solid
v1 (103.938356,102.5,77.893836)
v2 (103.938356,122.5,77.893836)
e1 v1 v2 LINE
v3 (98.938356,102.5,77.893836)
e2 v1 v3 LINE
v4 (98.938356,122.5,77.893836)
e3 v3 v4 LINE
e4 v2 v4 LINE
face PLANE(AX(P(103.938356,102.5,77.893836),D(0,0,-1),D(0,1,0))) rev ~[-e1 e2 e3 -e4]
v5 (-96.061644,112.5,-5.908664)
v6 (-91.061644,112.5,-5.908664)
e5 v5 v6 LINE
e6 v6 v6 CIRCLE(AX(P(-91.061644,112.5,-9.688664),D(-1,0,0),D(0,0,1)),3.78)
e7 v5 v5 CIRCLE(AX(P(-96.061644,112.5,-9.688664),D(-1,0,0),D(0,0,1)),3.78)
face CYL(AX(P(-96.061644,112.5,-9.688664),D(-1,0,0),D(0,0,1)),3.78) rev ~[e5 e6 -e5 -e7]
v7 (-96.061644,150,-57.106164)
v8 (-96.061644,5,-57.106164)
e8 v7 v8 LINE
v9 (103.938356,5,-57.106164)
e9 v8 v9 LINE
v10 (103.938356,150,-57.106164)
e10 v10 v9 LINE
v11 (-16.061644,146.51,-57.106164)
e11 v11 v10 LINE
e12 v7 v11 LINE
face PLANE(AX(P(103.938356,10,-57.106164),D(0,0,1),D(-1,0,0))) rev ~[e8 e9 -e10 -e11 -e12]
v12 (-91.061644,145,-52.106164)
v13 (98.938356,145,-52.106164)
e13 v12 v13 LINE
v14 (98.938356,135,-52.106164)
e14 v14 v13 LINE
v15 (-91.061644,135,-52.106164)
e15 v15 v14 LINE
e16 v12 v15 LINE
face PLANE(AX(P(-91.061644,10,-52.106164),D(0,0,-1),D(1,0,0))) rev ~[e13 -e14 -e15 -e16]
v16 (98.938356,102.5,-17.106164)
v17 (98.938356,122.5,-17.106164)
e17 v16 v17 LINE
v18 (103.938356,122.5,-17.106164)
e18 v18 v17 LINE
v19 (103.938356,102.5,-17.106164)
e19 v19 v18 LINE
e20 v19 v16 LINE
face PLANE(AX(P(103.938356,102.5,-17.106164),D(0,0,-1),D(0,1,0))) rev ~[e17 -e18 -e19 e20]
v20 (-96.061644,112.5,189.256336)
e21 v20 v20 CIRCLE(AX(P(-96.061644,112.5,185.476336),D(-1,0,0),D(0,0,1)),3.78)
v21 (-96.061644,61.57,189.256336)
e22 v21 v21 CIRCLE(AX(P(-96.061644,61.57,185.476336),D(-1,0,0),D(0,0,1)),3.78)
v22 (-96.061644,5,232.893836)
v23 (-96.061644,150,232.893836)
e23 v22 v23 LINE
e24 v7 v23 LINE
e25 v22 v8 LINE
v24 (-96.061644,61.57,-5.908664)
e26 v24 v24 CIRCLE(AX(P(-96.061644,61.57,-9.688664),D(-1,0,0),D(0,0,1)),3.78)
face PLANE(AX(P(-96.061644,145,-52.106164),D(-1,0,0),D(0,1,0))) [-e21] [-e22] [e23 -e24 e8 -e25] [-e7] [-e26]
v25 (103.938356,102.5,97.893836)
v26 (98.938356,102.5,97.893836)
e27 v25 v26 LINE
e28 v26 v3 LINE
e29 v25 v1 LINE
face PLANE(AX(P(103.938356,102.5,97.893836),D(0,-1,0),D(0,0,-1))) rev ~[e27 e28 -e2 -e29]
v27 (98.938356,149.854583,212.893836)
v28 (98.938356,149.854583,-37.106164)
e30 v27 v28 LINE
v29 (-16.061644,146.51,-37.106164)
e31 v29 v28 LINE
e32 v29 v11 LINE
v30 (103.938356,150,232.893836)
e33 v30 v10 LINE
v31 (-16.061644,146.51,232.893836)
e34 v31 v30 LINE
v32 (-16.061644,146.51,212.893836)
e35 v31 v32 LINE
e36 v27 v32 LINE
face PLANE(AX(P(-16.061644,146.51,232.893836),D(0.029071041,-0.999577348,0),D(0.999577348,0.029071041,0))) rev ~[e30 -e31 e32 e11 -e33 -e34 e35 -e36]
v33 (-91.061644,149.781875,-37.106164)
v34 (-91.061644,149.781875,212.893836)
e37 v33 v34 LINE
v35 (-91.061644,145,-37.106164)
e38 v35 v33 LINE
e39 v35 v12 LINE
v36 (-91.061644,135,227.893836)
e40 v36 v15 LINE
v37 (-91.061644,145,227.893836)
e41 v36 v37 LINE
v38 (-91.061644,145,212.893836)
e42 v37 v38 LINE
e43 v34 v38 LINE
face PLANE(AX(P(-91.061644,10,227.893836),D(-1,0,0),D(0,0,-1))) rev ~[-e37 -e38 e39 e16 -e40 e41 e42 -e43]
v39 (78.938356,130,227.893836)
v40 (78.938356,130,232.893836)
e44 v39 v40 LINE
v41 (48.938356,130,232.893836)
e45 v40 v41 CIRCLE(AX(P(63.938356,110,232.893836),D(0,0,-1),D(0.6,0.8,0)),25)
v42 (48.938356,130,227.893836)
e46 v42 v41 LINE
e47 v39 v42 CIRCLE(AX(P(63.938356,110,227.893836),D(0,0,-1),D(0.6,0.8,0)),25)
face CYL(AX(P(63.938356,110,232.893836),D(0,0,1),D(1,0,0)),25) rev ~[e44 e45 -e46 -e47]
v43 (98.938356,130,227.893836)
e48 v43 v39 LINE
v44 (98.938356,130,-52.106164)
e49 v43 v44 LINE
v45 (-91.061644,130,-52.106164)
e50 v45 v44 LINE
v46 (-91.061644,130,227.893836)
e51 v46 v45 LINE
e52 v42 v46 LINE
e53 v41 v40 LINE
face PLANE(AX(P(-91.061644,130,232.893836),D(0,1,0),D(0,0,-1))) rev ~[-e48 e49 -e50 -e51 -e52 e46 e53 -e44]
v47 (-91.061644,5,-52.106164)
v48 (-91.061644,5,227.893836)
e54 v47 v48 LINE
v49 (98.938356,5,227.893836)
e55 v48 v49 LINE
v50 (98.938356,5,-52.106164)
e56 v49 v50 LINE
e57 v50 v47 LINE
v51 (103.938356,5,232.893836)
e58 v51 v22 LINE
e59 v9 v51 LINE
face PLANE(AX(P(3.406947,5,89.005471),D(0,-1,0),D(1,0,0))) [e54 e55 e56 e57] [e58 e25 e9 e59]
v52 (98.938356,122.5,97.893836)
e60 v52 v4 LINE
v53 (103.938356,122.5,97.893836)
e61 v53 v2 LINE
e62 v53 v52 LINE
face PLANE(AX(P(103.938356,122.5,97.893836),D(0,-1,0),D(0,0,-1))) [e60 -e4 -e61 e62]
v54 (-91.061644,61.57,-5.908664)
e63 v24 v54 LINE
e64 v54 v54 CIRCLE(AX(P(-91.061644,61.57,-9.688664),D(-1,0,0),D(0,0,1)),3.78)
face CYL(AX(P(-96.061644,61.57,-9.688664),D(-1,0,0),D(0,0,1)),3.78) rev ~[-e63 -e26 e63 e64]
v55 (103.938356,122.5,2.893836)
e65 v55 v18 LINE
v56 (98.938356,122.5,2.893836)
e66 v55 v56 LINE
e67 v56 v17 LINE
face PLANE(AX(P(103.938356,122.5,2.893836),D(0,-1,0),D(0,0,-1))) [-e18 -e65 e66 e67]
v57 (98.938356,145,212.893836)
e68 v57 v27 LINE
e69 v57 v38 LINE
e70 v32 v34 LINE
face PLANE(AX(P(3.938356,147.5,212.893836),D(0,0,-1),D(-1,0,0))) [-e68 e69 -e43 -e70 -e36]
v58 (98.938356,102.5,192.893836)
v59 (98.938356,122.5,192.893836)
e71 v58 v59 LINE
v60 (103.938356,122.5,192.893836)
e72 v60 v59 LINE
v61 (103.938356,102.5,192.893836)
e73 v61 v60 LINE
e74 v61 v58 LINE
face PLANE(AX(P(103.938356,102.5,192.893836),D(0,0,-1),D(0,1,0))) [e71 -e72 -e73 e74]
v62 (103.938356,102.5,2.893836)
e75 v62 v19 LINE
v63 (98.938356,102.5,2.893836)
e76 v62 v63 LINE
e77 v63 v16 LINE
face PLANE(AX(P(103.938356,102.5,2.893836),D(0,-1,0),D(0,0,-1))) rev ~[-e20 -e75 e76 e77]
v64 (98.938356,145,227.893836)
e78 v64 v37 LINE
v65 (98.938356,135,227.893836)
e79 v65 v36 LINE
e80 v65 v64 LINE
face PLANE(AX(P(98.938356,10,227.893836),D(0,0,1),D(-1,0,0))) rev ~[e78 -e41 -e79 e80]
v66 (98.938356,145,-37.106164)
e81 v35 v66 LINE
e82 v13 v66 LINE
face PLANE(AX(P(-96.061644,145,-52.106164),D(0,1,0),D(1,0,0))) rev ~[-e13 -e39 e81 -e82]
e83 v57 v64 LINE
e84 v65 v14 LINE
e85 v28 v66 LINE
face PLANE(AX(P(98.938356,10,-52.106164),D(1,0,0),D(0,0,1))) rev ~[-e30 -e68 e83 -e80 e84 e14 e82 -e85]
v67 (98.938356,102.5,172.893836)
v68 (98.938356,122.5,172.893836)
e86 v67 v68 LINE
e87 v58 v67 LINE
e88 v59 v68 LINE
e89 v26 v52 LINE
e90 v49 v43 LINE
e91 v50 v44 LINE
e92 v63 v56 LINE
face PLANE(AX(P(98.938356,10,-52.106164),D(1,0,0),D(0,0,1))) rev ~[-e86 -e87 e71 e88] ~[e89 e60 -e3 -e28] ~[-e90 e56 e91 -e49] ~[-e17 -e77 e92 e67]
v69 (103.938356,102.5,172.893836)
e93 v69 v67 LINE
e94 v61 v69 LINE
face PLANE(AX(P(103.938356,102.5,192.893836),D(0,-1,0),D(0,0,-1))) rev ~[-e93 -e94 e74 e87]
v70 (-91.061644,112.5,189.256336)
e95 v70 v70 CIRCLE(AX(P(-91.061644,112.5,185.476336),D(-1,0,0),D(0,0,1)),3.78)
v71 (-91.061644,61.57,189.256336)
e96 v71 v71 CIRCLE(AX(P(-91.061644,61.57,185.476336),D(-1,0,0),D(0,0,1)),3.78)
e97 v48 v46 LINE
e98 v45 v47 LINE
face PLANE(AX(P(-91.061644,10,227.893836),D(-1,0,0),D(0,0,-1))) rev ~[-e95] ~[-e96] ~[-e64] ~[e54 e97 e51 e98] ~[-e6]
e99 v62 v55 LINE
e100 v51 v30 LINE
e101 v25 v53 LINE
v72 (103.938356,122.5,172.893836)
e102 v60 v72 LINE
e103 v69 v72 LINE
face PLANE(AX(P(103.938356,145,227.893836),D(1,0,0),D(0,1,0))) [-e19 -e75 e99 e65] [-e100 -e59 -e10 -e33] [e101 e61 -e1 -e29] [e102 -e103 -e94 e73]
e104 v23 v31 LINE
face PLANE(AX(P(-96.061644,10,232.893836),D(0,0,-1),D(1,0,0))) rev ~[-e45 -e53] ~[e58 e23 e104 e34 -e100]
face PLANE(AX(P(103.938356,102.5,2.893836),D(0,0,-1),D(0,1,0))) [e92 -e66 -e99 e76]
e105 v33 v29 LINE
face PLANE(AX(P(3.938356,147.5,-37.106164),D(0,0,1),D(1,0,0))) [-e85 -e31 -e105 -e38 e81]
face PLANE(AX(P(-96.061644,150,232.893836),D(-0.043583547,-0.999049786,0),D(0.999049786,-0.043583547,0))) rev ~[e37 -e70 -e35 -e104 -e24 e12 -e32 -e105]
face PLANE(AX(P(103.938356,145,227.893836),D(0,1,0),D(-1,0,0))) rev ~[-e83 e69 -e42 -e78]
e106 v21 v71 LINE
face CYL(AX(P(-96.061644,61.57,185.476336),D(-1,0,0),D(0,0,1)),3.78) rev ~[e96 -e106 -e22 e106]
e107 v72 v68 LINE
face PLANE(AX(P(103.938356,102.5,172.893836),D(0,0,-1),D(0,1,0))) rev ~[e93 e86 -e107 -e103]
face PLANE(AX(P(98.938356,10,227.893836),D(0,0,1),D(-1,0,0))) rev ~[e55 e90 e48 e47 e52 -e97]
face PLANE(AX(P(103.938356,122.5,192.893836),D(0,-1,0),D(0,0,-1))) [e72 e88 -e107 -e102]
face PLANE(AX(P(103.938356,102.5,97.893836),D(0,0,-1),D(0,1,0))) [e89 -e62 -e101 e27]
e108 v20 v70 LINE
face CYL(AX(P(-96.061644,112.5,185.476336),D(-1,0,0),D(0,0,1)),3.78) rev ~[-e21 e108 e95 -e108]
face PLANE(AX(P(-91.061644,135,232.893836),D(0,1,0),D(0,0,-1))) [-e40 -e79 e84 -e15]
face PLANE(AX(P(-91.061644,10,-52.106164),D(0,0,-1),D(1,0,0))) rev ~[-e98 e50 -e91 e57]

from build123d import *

# Parameters (mm, degrees)
SKETCH1_W            = 200
SKETCH1_H            = 290
BOSS_EXTRUDE2_DEPTH  = 10
BOSS_EXTRUDE4_DEPTH  = 140
SKETCH5_W            = 20
SKETCH5_H            = 20
CUT_EXTRUDE1_DEPTH   = 10
SKETCH6_R            = 3.78
CUT_EXTRUDE2_DEPTH   = 10
SKETCH7_R            = 25
CUT_EXTRUDE3_DEPTH   = 10
SKETCH8_W            = 190
SKETCH8_H            = 280
CUT_EXTRUDE4_DEPTH   = 10
SKETCH9_W            = 211.457715155
SKETCH9_H            = 301.376650104
CUT_EXTRUDE5_DEPTH   = 5
SKETCH10_W           = 200
SKETCH10_H           = 5
BOSS_EXTRUDE7_DEPTH  = 15
SKETCH12_W           = 200
SKETCH12_H           = 5
BOSS_EXTRUDE8_DEPTH  = 15
SKETCH13_W           = 290
SKETCH13_H           = 5
BOSS_EXTRUDE14_DEPTH = 190
CUT_EXTRUDE6_DEPTH   = 300


with BuildPart() as part:
    # Sketch1 → Boss-Extrude2 (new body)
    with BuildSketch(Plane(origin=(0, 0, 0), x_dir=(1, 0, 0), z_dir=(0, 1, 0))):
        with Locations((3.938356164, -87.893835616)):
            Rectangle(SKETCH1_W, SKETCH1_H)
    extrude(amount=BOSS_EXTRUDE2_DEPTH)

    # Sketch2 → Boss-Extrude4 (add)
    with BuildSketch(Plane(origin=(0, 10, 0), x_dir=(1, 0, 0), z_dir=(0, 1, 0))):
        Polygon((-96.061643836, 57.106164384), (-96.061643836, -87.893835616), (-91.061643836, -87.893835616), (-91.061643836, 52.106164384), (3.938356164, 52.106164384), (3.938356164, 57.106164384), align=None)
        Polygon((103.938356164, 57.106164384), (3.938356164, 57.106164384), (3.938356164, 52.106164384), (98.938356164, 52.106164384), (98.938356164, -87.893835616), (103.938356164, -87.893835616), align=None)
        Polygon((3.938356164, -227.893835616), (3.938356164, -232.893835616), (103.938356164, -232.893835616), (103.938356164, -87.893835616), (98.938356164, -87.893835616), (98.938356164, -227.893835616), align=None)
        Polygon((-91.061643836, -87.893835616), (-96.061643836, -87.893835616), (-96.061643836, -232.893835616), (3.938356164, -232.893835616), (3.938356164, -227.893835616), (-91.061643836, -227.893835616), align=None)
    extrude(amount=BOSS_EXTRUDE4_DEPTH)

    # Sketch5 → Cut-Extrude1 (cut)
    with BuildSketch(Plane(origin=(103.938356164, 0, 0), x_dir=(0, 0, -1), z_dir=(1, 0, 0))):
        with Locations((-182.893835616, 112.5)):
            Rectangle(SKETCH5_W, SKETCH5_H)
        with Locations((-87.893835616, 112.5)):
            Rectangle(SKETCH5_W, SKETCH5_H)
        with Locations((7.106164384, 112.5)):
            Rectangle(SKETCH5_W, SKETCH5_H)
    extrude(amount=-CUT_EXTRUDE1_DEPTH, mode=Mode.SUBTRACT)

    # Sketch6 → Cut-Extrude2 (cut)
    with BuildSketch(Plane.ZY.offset(96.061643836)):
        with Locations((185.476335616, 112.5)):
            Circle(SKETCH6_R)
        with Locations((-9.688664384, 112.5)):
            Circle(SKETCH6_R)
        with Locations((185.476335616, 61.57)):
            Circle(SKETCH6_R)
        with Locations((-9.688664384, 61.57)):
            Circle(SKETCH6_R)
    extrude(amount=-CUT_EXTRUDE2_DEPTH, mode=Mode.SUBTRACT)

    # Sketch7 → Cut-Extrude3 (cut)
    with BuildSketch(Plane.XY.offset(232.893835616)):
        with Locations((63.938356164, 110)):
            Circle(SKETCH7_R)
    extrude(amount=-CUT_EXTRUDE3_DEPTH, mode=Mode.SUBTRACT)

    # Sketch8 → Cut-Extrude4 (cut)
    with BuildSketch(Plane(origin=(0, 10, 0), x_dir=(1, 0, 0), z_dir=(0, 1, 0))):
        with Locations((3.938356164, -87.893835616)):
            Rectangle(SKETCH8_W, SKETCH8_H)
    extrude(amount=-CUT_EXTRUDE4_DEPTH, mode=Mode.SUBTRACT)

    # Sketch9 → Cut-Extrude5 (cut)
    with BuildSketch(Plane.XZ):
        with Locations((3.40694666, 89.005470801)):
            Rectangle(SKETCH9_W, SKETCH9_H)
    extrude(amount=-CUT_EXTRUDE5_DEPTH, mode=Mode.SUBTRACT)

    # Sketch10 → Boss-Extrude7 (add)
    with BuildSketch(Plane(origin=(0, 0, 227.893835616), x_dir=(-1, 0, 0), z_dir=(0, 0, -1))):
        with Locations((-3.938356164, 147.5)):
            Rectangle(SKETCH10_W, SKETCH10_H)
    extrude(amount=BOSS_EXTRUDE7_DEPTH)

    # Sketch12 → Boss-Extrude8 (add)
    with BuildSketch(Plane.XY.offset(-52.106164384)):
        with Locations((3.938356164, 147.5)):
            Rectangle(SKETCH12_W, SKETCH12_H)
    extrude(amount=BOSS_EXTRUDE8_DEPTH)

    # Sketch13 → Boss-Extrude14 (add)
    with BuildSketch(Plane(origin=(-91.061643836, 0, 0), x_dir=(0, 0, -1), z_dir=(1, 0, 0))):
        with Locations((-87.893835616, 132.5)):
            Rectangle(SKETCH13_W, SKETCH13_H)
    extrude(amount=BOSS_EXTRUDE14_DEPTH)

    # Sketch17 → Cut-Extrude6 (cut)
    with BuildSketch(Plane.XY.offset(232.893835616)):
        Polygon((-16.061643836, 150), (-96.061643836, 150), (-16.061643836, 146.51), align=None)
        Polygon((103.938356164, 150), (-16.061643836, 150), (-16.061643836, 146.51), align=None)
    extrude(amount=-CUT_EXTRUDE6_DEPTH, mode=Mode.SUBTRACT)


solid = part.part
